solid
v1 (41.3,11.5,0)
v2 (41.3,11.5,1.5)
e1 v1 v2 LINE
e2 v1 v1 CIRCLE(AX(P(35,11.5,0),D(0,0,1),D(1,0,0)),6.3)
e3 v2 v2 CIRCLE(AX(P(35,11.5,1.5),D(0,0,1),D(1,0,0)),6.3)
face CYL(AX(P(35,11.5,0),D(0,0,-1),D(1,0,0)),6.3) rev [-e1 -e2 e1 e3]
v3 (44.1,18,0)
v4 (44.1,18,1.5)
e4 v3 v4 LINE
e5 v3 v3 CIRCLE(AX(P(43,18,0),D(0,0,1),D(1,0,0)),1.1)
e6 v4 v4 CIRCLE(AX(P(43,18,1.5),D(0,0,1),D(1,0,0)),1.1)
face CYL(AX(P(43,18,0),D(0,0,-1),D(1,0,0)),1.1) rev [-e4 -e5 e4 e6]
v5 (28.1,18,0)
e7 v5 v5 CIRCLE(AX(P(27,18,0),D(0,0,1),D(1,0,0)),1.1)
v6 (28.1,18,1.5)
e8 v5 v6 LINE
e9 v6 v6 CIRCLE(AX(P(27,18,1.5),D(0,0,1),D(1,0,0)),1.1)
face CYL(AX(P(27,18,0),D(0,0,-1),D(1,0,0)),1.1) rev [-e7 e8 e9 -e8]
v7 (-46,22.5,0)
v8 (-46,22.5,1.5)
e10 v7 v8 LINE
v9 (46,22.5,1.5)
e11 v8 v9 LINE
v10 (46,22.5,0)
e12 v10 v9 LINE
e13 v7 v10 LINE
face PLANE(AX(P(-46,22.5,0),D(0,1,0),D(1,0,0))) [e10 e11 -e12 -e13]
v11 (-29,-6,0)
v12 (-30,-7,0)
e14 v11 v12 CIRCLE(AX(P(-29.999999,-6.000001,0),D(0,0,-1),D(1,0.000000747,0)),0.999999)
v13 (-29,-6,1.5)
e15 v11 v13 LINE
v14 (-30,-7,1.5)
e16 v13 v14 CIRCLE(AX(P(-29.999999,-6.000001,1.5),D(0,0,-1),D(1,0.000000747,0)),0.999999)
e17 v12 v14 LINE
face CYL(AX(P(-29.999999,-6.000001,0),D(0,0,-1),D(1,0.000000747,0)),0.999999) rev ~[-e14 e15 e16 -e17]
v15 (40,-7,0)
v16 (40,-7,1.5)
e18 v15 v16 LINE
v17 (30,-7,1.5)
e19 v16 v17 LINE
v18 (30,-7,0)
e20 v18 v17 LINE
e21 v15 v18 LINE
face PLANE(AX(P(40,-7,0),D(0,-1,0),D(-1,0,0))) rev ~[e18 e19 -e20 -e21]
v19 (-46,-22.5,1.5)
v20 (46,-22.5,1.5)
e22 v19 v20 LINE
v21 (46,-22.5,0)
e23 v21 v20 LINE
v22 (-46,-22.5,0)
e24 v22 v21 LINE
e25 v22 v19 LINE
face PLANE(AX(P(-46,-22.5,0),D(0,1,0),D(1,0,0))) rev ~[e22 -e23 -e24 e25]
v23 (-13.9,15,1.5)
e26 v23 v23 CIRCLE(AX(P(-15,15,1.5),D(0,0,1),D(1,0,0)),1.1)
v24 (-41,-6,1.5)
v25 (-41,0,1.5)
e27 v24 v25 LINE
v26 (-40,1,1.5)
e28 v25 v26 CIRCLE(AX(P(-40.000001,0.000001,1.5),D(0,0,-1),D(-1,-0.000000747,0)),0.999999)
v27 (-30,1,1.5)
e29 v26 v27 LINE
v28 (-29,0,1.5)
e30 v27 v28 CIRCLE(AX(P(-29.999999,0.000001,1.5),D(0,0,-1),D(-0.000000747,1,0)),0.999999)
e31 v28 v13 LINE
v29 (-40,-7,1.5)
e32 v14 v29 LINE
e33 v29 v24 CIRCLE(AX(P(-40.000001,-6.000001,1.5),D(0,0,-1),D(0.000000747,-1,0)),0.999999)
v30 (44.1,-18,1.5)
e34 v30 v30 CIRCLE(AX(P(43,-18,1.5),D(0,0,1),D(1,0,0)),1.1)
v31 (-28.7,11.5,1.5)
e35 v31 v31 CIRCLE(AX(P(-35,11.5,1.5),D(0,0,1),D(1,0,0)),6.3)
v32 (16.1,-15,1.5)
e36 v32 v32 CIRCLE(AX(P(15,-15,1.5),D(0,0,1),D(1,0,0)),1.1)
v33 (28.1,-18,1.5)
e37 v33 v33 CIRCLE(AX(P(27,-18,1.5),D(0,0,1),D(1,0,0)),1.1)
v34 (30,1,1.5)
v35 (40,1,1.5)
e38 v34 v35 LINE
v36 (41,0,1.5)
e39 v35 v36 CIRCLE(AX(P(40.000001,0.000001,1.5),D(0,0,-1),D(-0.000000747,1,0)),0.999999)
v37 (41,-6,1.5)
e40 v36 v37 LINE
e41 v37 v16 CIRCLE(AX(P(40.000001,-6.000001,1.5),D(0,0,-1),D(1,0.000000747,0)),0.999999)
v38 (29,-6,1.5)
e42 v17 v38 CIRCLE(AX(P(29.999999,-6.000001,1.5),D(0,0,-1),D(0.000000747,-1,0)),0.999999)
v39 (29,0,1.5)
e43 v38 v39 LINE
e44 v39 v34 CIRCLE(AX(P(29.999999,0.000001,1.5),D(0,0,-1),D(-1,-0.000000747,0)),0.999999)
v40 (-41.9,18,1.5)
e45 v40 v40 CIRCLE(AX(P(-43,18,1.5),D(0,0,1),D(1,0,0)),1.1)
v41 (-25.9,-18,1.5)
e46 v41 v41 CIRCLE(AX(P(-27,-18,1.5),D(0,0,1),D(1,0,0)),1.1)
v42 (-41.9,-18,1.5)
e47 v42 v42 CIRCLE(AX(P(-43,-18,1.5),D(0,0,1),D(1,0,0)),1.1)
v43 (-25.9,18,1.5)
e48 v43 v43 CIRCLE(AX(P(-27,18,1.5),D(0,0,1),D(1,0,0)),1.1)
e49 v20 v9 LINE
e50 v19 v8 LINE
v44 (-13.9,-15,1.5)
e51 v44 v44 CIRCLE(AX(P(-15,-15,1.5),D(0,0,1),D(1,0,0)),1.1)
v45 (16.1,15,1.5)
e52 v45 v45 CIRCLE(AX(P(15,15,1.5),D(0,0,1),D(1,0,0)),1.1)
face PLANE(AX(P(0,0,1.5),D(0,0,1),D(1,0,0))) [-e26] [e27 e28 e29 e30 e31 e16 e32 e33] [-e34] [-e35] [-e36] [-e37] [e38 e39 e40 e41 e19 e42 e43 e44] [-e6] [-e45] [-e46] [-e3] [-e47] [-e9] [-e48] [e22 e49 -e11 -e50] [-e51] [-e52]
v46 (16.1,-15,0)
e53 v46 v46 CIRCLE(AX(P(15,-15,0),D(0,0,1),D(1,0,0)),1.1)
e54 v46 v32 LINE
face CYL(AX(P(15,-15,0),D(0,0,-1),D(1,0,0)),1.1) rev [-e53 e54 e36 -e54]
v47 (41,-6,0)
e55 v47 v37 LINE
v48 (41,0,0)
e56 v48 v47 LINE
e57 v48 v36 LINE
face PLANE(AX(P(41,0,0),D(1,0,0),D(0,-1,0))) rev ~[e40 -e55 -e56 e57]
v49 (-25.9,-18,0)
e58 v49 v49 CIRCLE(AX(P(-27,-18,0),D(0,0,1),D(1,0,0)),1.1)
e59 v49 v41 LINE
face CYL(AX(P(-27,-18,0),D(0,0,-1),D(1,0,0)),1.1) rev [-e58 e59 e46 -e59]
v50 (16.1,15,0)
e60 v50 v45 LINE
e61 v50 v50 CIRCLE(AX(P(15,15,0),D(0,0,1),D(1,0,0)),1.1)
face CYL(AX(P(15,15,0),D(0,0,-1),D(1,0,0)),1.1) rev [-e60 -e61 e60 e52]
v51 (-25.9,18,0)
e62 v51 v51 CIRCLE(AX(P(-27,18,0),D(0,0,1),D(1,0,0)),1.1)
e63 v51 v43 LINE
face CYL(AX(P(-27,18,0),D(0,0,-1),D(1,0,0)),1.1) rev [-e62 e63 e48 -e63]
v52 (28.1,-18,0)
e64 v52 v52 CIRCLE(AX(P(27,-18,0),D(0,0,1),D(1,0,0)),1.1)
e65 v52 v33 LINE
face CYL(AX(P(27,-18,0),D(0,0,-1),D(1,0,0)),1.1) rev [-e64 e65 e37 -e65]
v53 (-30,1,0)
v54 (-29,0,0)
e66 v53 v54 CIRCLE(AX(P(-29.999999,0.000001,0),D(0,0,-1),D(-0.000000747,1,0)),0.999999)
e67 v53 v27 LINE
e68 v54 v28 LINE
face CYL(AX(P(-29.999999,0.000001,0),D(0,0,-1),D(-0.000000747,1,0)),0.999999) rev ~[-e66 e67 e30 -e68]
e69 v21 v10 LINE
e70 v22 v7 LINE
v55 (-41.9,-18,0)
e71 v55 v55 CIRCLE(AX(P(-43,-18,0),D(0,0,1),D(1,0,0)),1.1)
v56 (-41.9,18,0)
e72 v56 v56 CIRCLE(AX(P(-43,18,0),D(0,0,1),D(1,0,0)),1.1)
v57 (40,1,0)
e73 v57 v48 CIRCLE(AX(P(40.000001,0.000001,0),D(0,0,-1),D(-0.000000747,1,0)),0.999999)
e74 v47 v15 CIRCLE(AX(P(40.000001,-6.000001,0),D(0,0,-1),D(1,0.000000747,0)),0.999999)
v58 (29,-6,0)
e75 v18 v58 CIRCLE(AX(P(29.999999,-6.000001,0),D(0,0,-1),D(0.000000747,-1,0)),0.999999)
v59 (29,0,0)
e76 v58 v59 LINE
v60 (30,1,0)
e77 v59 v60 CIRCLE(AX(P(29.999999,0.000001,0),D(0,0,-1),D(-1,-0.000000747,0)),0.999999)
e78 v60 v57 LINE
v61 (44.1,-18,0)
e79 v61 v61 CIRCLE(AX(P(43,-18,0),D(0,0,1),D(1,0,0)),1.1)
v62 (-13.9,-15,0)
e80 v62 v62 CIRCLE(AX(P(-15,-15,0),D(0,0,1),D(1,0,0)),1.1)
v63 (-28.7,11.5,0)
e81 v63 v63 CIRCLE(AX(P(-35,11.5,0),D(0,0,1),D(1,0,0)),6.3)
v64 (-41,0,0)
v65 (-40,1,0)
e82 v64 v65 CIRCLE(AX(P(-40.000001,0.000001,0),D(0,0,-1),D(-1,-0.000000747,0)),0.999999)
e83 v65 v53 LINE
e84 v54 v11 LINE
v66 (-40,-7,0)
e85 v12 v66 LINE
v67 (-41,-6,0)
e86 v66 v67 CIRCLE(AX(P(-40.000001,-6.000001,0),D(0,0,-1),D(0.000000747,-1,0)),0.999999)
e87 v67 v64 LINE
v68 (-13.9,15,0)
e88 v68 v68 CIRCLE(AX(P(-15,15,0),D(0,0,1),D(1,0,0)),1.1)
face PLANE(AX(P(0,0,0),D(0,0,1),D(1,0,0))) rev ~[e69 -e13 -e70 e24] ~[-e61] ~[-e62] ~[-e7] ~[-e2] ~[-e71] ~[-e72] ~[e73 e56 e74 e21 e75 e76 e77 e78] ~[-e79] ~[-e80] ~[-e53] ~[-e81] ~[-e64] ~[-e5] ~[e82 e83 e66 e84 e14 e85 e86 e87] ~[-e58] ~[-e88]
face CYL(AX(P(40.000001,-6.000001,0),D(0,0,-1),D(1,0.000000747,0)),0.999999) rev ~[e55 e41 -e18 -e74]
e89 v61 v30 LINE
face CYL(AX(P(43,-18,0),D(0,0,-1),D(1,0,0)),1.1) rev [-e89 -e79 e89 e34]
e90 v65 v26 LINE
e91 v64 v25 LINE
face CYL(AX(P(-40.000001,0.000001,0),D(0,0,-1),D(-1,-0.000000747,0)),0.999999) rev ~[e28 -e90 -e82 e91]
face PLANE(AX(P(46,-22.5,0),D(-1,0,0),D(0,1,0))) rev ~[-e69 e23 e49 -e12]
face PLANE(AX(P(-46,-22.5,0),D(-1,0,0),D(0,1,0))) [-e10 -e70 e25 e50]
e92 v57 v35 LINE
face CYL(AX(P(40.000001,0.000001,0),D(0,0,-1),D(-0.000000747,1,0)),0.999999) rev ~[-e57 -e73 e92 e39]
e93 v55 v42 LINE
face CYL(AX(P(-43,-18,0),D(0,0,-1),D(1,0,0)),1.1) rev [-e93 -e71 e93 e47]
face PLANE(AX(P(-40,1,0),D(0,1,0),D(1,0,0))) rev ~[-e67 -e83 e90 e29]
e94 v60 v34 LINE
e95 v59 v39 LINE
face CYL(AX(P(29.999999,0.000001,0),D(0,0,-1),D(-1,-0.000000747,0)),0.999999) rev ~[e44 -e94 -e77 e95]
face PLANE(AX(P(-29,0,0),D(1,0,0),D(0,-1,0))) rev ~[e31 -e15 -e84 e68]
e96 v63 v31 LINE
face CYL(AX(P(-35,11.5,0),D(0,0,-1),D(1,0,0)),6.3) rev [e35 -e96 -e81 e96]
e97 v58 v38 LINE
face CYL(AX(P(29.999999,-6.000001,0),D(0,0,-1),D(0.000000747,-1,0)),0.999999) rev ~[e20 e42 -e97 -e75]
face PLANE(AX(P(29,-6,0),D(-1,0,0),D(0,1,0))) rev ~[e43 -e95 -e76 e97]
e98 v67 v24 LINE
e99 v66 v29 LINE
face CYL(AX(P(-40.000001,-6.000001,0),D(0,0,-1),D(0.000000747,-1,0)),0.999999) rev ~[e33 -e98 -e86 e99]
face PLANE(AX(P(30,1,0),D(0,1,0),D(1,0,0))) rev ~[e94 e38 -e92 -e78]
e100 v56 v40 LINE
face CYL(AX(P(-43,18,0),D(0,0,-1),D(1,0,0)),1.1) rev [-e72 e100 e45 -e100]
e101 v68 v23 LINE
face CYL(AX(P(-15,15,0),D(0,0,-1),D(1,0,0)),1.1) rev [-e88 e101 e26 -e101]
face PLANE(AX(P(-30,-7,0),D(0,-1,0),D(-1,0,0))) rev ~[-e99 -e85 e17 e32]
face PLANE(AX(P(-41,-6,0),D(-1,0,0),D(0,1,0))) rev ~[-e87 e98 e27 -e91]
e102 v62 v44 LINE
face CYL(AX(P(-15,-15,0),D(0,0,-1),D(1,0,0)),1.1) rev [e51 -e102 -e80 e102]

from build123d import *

# Parameters (mm, degrees)
F0_W     = 92
F0_H     = 45
F0_R     = 1.1
F0_R_2   = 6.3
F1_DEPTH = 1.5


with BuildPart() as f1:
    # F0 (on Top) → F1 (new body)
    with BuildSketch(Plane.XY):
        Rectangle(F0_W, F0_H)
        with Locations((-43, -18)):
            Circle(F0_R, mode=Mode.SUBTRACT)
        with Locations((-27, -18)):
            Circle(F0_R, mode=Mode.SUBTRACT)
        with Locations((-15, -15)):
            Circle(F0_R, mode=Mode.SUBTRACT)
        with BuildLine():
            ThreePointArc((-29, -6), (-29.292893, -6.707107), (-30, -7))
            Line((-30, -7), (-40, -7))
            ThreePointArc((-40, -7), (-40.707107, -6.707107), (-41, -6))
            Line((-41, -6), (-41, 0))
            ThreePointArc((-41, 0), (-40.707107, 0.707107), (-40, 1))
            Line((-40, 1), (-30, 1))
            ThreePointArc((-30, 1), (-29.292893, 0.707107), (-29, 0))
            Line((-29, 0), (-29, -6))
        make_face(mode=Mode.SUBTRACT)
        with Locations((15, -15)):
            Circle(F0_R, mode=Mode.SUBTRACT)
        with Locations((27, -18)):
            Circle(F0_R, mode=Mode.SUBTRACT)
        with Locations((43, -18)):
            Circle(F0_R, mode=Mode.SUBTRACT)
        with BuildLine():
            Line((30, 1), (40, 1))
            ThreePointArc((40, 1), (40.707107, 0.707107), (41, 0))
            Line((41, 0), (41, -6))
            ThreePointArc((41, -6), (40.707107, -6.707107), (40, -7))
            Line((40, -7), (30, -7))
            ThreePointArc((30, -7), (29.292893, -6.707107), (29, -6))
            Line((29, -6), (29, 0))
            ThreePointArc((29, 0), (29.292893, 0.707107), (30, 1))
        make_face(mode=Mode.SUBTRACT)
        with Locations((-35, 11.5)):
            Circle(F0_R_2, mode=Mode.SUBTRACT)
        with Locations((-43, 18)):
            Circle(F0_R, mode=Mode.SUBTRACT)
        with Locations((-27, 18)):
            Circle(F0_R, mode=Mode.SUBTRACT)
        with Locations((-15, 15)):
            Circle(F0_R, mode=Mode.SUBTRACT)
        with Locations((15, 15)):
            Circle(F0_R, mode=Mode.SUBTRACT)
        with Locations((35, 11.5)):
            Circle(F0_R_2, mode=Mode.SUBTRACT)
        with Locations((27, 18)):
            Circle(F0_R, mode=Mode.SUBTRACT)
        with Locations((43, 18)):
            Circle(F0_R, mode=Mode.SUBTRACT)
    extrude(amount=F1_DEPTH)


solid = f1.part
